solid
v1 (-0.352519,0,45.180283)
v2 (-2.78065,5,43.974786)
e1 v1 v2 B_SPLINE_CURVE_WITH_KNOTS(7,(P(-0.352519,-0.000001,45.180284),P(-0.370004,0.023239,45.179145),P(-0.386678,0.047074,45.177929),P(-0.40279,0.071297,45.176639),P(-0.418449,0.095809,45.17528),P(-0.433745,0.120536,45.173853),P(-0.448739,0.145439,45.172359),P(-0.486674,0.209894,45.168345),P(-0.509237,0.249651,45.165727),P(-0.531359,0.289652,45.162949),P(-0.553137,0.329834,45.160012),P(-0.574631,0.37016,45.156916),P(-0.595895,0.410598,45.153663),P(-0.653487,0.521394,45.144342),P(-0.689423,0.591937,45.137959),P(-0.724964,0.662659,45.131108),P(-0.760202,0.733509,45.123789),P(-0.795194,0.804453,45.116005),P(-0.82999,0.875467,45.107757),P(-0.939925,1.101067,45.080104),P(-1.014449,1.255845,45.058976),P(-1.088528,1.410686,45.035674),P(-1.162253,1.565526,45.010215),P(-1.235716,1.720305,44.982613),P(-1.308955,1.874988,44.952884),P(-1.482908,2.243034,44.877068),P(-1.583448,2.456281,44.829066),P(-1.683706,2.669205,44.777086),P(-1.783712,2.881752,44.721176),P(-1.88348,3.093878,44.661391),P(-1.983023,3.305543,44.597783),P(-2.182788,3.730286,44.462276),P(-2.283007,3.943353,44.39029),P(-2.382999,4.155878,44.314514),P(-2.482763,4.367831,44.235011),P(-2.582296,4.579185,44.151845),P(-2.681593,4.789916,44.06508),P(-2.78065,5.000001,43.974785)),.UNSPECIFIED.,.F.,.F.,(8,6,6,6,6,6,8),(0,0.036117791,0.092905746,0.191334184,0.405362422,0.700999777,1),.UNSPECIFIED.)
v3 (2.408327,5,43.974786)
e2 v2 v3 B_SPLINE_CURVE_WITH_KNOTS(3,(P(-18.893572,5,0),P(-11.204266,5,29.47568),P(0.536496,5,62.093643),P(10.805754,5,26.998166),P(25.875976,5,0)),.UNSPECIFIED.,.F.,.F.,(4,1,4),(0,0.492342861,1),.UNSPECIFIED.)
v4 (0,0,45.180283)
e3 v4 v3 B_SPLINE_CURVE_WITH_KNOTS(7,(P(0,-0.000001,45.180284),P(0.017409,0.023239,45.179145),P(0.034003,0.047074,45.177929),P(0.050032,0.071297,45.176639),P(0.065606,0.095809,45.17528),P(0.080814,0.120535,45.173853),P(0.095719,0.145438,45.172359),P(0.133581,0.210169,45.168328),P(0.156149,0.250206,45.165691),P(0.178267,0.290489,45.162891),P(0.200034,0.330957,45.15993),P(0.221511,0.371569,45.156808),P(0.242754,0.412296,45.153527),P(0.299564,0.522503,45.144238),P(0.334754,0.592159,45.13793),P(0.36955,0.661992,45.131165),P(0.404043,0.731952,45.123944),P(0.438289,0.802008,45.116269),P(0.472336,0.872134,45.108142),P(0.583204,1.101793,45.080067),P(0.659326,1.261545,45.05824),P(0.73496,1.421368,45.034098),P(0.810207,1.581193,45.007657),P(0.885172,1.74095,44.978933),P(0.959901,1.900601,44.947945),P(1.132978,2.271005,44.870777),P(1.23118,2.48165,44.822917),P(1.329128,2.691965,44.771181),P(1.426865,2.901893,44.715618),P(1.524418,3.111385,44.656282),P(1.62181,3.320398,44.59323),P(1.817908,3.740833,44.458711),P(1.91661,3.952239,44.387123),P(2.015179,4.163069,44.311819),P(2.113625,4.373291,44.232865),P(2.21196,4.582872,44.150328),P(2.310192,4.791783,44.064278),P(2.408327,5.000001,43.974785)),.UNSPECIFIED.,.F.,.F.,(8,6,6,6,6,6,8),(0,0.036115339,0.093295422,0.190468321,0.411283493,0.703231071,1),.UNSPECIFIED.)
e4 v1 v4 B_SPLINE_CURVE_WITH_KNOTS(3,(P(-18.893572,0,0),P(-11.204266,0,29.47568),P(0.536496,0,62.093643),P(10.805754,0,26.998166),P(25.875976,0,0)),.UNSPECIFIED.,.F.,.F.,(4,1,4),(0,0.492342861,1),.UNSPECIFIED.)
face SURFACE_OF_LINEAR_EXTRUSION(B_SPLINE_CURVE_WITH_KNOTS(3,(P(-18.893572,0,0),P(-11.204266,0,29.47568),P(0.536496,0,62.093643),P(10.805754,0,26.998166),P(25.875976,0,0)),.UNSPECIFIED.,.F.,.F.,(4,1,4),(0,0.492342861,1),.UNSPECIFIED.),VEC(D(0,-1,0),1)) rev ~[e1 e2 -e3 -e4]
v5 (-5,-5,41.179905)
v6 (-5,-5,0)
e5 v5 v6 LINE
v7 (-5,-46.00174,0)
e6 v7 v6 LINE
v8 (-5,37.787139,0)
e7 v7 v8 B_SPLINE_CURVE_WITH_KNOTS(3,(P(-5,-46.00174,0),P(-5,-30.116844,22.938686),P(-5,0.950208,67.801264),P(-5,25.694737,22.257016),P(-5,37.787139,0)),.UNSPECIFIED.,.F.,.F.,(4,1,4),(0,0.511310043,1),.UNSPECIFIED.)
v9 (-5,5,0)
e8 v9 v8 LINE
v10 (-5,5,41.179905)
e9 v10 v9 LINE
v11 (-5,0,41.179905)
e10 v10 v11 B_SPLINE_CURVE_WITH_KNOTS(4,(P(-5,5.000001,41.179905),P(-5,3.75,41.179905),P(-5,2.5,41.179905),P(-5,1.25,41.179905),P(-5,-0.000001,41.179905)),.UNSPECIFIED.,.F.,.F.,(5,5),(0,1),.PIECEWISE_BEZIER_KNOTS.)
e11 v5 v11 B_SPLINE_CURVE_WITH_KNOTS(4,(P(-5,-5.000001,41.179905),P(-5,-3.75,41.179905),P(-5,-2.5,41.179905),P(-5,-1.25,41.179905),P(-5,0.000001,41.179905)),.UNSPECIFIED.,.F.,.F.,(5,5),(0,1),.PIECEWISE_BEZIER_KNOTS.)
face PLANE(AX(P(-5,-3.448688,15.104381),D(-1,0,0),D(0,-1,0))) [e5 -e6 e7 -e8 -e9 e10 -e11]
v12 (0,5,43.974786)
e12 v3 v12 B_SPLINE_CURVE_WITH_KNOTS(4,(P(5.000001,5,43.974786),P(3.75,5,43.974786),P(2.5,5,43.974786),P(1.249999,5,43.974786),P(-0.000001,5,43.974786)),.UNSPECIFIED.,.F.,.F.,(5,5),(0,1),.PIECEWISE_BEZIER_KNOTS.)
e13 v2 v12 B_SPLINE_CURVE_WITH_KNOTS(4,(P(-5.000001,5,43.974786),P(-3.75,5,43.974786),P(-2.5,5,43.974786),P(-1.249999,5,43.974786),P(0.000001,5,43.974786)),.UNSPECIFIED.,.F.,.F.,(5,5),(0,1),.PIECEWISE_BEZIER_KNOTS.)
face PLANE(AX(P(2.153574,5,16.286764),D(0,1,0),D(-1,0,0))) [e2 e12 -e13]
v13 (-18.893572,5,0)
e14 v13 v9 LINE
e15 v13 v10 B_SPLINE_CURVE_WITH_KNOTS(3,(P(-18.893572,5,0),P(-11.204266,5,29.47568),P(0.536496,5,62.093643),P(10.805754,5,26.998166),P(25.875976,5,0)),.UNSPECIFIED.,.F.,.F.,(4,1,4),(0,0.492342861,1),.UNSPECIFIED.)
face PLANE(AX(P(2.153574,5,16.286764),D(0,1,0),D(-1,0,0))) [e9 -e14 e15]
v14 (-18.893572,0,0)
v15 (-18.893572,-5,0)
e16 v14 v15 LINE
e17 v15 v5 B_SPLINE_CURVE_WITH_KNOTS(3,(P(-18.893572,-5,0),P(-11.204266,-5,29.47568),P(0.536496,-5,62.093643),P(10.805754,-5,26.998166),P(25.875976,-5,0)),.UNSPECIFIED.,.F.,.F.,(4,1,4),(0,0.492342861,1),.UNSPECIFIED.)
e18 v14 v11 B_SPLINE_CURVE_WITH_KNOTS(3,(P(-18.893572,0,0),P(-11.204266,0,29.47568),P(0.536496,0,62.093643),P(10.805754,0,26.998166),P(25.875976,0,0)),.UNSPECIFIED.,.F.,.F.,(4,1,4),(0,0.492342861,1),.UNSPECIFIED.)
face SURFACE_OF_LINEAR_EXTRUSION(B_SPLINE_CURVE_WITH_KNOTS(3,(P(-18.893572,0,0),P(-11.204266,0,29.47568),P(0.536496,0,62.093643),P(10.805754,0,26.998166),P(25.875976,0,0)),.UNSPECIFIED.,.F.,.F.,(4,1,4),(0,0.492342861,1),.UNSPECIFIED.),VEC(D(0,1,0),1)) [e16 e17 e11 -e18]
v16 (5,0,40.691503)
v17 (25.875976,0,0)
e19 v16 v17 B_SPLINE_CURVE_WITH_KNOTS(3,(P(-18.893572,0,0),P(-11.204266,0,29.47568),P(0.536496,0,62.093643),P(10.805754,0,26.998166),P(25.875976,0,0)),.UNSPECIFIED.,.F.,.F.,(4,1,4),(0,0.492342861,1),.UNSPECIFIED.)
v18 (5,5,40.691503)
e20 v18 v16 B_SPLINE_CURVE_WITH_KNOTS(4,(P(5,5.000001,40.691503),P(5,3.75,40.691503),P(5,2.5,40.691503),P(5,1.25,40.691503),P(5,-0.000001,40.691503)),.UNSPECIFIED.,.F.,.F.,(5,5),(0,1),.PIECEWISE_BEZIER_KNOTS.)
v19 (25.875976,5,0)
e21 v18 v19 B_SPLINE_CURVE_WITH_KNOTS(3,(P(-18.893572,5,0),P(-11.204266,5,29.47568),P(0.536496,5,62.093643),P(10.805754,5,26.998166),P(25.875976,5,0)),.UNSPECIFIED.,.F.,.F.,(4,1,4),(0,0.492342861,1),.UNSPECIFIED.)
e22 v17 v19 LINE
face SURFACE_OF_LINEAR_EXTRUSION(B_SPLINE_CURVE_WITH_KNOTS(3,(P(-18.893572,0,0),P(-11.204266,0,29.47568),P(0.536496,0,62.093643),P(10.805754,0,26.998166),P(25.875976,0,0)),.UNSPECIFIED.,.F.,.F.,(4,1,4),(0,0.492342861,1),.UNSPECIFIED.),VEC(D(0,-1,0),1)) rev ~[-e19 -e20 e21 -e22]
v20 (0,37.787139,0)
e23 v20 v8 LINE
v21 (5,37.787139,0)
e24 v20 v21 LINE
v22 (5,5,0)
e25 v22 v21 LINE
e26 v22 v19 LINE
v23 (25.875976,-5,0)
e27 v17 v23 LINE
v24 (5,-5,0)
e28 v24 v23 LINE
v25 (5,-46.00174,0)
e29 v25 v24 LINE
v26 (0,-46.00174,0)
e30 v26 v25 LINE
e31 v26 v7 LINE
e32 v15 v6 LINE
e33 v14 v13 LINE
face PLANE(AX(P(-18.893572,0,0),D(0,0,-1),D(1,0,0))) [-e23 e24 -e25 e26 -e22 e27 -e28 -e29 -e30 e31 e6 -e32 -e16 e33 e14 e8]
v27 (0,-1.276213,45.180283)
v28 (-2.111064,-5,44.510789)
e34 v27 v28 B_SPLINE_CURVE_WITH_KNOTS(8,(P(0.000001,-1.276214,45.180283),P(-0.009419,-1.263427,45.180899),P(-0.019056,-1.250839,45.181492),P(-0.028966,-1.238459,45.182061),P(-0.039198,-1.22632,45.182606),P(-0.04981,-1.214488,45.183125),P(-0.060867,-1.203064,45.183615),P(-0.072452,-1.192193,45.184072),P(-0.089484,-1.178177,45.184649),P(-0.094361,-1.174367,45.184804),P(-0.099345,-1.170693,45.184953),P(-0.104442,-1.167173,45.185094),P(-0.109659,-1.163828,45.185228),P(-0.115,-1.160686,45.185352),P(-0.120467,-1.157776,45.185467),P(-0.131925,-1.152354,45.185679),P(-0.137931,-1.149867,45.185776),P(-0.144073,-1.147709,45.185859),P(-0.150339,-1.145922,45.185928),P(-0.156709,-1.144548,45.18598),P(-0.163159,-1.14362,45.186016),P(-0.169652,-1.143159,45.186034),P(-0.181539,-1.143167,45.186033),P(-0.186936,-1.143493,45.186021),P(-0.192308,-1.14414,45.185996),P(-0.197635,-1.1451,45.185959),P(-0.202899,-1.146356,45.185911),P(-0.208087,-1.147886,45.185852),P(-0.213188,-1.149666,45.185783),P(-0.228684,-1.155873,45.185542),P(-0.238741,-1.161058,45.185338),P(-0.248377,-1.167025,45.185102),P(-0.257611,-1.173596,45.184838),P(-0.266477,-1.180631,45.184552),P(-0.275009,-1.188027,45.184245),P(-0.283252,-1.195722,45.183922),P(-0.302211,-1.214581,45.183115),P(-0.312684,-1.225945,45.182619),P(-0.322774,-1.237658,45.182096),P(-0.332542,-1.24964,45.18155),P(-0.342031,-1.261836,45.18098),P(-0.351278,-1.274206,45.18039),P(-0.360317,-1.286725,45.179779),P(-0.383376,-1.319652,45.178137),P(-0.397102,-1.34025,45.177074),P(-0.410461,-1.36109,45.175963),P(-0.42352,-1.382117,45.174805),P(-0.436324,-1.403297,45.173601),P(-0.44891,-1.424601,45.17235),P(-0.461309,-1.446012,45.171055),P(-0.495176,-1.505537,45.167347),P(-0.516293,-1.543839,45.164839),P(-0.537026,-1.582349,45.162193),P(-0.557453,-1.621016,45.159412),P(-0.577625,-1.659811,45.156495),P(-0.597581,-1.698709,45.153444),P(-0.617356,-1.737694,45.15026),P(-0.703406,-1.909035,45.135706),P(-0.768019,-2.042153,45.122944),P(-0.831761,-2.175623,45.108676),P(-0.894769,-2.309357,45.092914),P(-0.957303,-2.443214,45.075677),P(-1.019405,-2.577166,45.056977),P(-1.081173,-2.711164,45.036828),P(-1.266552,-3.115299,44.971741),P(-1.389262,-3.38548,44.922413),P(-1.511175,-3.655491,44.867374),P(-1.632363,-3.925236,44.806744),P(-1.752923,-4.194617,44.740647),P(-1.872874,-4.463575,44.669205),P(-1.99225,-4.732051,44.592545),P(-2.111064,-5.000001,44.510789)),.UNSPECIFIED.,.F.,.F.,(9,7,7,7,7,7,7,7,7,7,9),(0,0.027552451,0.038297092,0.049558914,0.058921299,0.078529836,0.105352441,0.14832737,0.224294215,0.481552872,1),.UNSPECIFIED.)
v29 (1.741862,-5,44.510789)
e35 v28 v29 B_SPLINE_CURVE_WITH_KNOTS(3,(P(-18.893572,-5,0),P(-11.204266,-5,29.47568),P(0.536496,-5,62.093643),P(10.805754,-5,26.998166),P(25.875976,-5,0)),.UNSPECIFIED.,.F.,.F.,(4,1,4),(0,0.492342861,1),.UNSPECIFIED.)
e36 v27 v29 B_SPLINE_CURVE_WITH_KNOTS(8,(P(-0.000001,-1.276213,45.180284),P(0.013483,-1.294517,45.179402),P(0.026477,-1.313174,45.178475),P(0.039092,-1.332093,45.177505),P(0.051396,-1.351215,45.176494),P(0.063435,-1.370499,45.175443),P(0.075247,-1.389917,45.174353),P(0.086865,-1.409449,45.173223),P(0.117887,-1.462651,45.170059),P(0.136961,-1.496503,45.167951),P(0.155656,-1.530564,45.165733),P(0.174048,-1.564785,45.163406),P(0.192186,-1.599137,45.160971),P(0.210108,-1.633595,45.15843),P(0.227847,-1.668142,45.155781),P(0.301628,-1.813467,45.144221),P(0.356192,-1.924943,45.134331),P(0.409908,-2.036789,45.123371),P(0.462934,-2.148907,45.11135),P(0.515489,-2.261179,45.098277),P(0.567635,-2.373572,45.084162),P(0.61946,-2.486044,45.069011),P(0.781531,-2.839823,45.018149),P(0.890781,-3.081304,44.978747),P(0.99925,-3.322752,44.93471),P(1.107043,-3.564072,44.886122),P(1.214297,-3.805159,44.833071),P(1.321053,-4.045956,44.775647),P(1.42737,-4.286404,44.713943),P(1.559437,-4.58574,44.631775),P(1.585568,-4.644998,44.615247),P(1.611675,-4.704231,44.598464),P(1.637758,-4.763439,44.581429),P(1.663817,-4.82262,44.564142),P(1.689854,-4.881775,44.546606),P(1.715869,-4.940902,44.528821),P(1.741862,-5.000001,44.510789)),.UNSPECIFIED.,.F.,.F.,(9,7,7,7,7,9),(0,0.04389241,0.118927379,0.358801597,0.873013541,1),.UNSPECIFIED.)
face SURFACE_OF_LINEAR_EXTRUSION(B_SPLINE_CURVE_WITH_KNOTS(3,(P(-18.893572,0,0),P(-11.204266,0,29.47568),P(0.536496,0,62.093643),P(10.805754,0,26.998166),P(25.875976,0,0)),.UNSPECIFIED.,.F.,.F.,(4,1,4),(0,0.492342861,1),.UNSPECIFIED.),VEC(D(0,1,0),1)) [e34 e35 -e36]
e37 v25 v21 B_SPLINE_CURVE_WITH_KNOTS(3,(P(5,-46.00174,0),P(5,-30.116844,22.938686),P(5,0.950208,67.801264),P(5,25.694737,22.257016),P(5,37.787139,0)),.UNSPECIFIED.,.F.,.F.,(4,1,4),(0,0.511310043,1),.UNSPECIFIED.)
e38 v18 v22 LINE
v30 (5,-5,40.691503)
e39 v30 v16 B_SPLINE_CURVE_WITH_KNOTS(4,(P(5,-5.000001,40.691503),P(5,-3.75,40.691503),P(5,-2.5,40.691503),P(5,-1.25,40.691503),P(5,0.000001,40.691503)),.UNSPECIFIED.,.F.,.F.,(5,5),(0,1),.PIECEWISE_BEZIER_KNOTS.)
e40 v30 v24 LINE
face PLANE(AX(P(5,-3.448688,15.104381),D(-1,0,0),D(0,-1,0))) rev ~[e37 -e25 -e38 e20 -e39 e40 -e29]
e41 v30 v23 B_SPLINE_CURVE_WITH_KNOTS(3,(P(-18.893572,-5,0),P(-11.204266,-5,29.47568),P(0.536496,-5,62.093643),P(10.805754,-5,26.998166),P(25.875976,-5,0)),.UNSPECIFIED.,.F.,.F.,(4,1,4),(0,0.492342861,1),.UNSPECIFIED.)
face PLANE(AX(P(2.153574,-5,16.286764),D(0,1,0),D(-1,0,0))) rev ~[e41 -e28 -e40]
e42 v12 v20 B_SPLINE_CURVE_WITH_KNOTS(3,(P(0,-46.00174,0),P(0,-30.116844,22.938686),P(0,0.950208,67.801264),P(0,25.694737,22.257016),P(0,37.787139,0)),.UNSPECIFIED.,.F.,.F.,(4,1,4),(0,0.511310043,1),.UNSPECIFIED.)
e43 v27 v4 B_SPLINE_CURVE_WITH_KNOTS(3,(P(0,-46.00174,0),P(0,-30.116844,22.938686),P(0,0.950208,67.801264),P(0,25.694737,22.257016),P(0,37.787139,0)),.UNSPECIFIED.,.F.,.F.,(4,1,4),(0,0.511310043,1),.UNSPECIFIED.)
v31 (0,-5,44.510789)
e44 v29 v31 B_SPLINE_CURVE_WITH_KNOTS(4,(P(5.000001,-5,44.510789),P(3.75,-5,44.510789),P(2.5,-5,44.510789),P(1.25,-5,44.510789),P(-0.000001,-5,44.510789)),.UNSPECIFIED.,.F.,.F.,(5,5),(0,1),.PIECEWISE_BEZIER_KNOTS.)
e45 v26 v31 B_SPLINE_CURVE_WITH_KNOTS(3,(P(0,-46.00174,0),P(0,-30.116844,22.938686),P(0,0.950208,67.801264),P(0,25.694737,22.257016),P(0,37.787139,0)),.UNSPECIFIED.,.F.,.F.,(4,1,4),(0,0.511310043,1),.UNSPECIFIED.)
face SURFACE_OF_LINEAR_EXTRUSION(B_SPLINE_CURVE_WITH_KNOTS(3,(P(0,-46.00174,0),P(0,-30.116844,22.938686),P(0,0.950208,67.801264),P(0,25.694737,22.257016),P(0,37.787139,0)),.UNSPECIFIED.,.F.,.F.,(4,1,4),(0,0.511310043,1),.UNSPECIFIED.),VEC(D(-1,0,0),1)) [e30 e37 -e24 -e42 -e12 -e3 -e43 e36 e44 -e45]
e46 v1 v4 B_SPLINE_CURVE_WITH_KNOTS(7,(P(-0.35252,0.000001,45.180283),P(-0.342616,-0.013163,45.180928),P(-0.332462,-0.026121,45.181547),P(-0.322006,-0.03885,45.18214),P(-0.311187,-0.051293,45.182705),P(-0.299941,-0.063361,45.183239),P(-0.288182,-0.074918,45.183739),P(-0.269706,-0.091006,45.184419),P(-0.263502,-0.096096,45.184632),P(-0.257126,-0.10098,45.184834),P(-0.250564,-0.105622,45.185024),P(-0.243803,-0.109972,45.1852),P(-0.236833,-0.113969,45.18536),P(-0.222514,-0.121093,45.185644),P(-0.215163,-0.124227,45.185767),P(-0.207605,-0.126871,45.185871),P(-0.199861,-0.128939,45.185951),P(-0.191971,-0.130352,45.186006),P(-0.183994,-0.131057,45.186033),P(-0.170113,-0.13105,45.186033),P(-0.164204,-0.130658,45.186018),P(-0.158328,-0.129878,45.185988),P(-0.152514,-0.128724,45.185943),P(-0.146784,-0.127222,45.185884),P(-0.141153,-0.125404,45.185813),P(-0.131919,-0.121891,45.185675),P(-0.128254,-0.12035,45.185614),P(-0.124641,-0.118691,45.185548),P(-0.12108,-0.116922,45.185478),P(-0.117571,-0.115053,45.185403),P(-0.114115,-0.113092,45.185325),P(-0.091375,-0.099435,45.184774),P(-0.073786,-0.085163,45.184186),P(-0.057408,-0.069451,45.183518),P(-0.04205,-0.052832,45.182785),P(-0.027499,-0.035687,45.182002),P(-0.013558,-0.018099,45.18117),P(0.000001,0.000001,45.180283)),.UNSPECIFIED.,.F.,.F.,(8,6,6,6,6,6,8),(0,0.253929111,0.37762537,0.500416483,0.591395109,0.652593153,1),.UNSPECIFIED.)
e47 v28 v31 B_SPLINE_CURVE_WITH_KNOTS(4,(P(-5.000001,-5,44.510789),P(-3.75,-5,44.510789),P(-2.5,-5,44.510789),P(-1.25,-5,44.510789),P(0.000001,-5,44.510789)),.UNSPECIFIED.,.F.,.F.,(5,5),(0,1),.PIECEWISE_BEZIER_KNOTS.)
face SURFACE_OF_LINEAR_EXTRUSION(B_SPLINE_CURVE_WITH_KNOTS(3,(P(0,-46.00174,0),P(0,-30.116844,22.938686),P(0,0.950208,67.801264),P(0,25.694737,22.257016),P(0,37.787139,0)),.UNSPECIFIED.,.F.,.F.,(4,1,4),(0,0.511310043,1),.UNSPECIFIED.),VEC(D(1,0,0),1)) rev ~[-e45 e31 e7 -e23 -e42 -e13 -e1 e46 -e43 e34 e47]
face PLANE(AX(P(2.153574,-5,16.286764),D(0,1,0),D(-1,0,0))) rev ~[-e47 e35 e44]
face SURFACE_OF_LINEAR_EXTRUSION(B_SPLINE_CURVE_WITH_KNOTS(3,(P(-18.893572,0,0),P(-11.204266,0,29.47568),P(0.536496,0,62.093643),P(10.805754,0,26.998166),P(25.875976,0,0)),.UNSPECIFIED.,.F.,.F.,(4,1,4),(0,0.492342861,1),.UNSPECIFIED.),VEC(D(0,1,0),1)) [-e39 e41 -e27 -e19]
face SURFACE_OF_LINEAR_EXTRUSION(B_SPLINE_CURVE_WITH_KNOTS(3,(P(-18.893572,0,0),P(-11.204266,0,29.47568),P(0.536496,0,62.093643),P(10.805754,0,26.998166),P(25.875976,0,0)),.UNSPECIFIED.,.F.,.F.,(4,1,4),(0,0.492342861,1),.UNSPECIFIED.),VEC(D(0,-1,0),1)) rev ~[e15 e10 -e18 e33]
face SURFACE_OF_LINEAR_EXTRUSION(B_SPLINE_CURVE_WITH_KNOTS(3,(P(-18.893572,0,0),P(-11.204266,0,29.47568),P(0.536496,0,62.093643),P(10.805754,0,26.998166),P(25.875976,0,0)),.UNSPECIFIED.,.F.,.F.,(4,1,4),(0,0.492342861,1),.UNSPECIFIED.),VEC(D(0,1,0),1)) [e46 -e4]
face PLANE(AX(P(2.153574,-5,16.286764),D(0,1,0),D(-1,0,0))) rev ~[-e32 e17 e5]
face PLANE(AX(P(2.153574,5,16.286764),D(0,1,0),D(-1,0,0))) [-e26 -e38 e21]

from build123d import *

# Parameters (mm, degrees)
F2_DEPTH      = 5
F2_DEPTH_BACK = 5
F3_DEPTH      = 5
F3_DEPTH_BACK = 5


with BuildPart() as f2:
    # F0 (on Right) → F2 (new body, two sides)
    with BuildSketch(Plane.YZ) as f2_sk:
        with BuildLine():
            add(Edge.make_bspline(
                [(-46.0017398, 0), (-30.1168439615, 22.9386864885), (0.9502083205, 67.8012641008), (25.6947368385, 22.2570164337), (37.7871394157, 0)],
                knots=[0, 0, 0, 0, 0.511310043, 1, 1, 1, 1], degree=3))
            Line((-46.0017398, 0), (37.7871394157, 0))
        make_face()
    extrude(amount=F2_DEPTH)
    extrude(f2_sk.sketch, amount=-F2_DEPTH_BACK)

    # F1 (on Front) → F3 (join, two sides)
    with BuildSketch(Plane.XZ) as f3_sk:
        with BuildLine():
            add(Edge.make_bspline(
                [(-18.8935715705, 0), (-11.2042661333, 29.4756795604), (0.5364959483, 62.0936430885), (10.8057544901, 26.9981661907), (25.8759763092, 0)],
                knots=[0, 0, 0, 0, 0.492342861, 1, 1, 1, 1], degree=3))
            Line((-18.8935715705, 0), (25.8759763092, 0))
        make_face()
    extrude(amount=F3_DEPTH)
    extrude(f3_sk.sketch, amount=-F3_DEPTH_BACK)


solid = f2.part
